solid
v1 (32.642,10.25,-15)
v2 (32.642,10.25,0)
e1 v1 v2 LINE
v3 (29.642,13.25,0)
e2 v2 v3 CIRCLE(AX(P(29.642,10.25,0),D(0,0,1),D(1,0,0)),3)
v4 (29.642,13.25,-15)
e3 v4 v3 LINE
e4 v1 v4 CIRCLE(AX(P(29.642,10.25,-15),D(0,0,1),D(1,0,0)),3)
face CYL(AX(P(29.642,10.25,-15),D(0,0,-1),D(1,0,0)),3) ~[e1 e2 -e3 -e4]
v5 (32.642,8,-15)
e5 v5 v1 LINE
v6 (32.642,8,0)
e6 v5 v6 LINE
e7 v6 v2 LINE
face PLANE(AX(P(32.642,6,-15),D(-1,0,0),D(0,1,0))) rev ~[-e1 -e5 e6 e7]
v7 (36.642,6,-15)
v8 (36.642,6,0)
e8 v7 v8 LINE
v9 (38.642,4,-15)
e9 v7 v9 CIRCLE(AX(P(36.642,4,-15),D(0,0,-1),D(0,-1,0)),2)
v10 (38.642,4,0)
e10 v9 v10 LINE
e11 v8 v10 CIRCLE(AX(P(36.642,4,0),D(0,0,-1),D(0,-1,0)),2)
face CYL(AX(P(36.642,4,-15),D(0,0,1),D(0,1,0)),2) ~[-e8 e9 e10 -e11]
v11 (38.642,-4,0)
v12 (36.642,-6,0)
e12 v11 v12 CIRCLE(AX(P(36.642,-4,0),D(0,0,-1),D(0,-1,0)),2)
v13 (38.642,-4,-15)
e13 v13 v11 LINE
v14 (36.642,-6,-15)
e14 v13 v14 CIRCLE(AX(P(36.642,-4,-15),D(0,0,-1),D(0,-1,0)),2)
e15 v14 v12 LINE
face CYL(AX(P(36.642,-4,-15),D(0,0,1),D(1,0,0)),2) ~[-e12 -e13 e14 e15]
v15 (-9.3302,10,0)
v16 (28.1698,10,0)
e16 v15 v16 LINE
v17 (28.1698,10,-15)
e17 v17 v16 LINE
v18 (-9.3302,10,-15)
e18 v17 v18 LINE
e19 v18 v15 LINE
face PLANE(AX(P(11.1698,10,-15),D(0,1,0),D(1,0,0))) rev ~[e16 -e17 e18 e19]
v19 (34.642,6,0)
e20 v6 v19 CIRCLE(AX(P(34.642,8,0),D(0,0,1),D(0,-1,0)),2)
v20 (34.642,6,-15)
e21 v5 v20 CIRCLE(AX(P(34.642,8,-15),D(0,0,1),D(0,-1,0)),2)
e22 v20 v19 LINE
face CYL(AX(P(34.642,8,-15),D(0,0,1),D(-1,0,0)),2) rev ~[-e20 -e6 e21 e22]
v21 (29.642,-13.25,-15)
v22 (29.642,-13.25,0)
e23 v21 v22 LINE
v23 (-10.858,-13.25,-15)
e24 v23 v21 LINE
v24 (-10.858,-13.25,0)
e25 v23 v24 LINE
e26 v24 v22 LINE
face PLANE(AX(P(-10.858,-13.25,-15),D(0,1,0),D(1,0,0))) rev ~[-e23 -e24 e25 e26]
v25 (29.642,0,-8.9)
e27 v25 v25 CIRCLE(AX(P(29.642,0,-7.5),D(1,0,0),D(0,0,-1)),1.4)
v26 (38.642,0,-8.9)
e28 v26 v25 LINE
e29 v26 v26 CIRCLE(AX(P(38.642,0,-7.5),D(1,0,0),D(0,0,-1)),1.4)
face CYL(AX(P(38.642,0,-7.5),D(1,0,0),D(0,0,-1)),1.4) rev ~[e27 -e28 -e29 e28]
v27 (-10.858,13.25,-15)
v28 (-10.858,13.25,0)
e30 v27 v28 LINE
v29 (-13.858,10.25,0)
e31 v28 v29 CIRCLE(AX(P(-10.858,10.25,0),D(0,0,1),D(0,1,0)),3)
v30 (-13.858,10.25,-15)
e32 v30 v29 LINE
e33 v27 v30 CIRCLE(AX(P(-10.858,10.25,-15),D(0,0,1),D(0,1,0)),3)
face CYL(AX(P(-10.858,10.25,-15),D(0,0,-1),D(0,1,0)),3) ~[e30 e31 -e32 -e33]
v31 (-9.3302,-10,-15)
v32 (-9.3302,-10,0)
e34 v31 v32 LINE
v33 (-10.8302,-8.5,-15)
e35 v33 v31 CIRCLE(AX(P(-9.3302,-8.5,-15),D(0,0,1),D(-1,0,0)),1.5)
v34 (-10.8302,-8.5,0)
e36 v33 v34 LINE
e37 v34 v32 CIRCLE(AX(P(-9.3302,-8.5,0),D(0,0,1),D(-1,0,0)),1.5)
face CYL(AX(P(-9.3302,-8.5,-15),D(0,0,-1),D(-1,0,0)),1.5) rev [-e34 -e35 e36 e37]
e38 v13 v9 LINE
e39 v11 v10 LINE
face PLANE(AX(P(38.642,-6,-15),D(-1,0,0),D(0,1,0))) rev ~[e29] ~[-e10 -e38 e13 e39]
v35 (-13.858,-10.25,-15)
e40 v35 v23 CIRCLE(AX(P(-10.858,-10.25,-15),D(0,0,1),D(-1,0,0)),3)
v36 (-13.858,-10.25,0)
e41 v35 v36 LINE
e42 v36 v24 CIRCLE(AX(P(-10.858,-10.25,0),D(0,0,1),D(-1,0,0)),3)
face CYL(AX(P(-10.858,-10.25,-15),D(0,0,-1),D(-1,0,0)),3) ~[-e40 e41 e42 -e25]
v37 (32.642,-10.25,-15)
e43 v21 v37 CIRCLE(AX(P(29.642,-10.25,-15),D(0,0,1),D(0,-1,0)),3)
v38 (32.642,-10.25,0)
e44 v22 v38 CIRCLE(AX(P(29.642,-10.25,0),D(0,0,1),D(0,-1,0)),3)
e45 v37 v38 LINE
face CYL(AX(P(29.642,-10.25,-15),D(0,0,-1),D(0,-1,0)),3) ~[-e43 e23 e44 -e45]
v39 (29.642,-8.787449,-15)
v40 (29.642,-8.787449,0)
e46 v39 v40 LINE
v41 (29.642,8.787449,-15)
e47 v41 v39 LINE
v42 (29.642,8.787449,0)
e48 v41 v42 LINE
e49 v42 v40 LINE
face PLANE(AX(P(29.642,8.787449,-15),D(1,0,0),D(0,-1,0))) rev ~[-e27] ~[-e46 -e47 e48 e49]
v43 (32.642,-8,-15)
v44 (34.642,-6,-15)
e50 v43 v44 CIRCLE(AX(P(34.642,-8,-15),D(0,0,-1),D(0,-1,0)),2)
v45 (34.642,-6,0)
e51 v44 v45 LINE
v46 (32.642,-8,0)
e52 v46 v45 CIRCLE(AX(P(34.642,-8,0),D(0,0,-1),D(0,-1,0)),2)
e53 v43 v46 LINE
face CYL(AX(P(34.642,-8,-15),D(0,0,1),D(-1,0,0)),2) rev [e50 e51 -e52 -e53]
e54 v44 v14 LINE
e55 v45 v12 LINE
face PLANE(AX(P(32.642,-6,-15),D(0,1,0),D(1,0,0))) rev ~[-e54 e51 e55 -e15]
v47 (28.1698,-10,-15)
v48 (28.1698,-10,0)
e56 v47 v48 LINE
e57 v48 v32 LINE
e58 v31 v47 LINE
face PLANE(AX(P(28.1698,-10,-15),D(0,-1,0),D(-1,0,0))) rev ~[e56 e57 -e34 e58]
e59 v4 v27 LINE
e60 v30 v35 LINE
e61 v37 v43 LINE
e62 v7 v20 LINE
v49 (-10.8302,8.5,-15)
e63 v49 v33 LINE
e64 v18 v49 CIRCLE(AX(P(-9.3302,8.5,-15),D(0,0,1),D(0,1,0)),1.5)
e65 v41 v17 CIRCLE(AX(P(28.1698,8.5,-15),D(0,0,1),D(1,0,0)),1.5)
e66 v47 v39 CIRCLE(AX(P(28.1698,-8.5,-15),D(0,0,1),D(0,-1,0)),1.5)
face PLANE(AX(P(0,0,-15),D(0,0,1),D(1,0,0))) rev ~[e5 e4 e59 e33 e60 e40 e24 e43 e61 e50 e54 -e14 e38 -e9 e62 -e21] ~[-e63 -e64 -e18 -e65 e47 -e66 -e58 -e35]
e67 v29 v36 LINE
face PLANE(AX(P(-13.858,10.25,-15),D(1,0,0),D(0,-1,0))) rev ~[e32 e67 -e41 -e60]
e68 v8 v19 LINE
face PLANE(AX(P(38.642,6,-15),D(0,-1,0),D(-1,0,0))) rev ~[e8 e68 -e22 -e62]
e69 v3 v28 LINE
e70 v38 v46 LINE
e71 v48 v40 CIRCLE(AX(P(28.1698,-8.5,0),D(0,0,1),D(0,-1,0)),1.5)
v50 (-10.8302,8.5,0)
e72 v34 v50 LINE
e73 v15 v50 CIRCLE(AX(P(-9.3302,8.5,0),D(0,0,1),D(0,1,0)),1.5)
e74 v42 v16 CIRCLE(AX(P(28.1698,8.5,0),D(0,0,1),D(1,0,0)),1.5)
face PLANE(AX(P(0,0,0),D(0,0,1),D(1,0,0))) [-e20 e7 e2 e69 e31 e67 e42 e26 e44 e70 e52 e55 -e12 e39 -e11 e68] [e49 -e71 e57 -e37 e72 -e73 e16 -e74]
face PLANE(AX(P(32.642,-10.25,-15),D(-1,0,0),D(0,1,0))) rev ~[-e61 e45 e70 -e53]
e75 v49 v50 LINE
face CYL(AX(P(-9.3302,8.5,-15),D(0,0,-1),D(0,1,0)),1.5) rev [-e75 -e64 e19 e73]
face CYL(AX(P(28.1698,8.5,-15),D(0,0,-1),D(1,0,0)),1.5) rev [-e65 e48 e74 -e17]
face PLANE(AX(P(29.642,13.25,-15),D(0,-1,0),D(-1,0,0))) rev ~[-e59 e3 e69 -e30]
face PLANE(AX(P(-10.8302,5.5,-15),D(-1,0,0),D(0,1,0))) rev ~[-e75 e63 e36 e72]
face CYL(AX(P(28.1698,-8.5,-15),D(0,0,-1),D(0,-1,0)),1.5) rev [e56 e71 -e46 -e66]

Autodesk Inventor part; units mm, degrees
ref_plane "YZ Plane" through (0, 0, 0) normal (1, 0, 0) x (0, 1, 0)
ref_plane "XZ Plane" through (0, 0, 0) normal (0, 1, 0) x (-1, 0, 0)
ref_plane "Arbeitsebene1" through (0, 0, -15) normal (0, 0, 1) x (1, 0, 0)
sketch "Skizze1" plane through (0, 0, -15) normal (0, 0, 1) x (1, 0, 0)
  line L0 (29.6698, 8.5) -> (29.6698, -8.5)
  arc A0 (29.6698, 8.5) -> (28.1698, 10) centre (28.1698, 8.5) ccw
  line L1 (11.1698, 10) -> (28.1698, 10)
  arc A1 (11.1698, 10) -> (9.6698, 8.5) centre (11.1698, 8.5) ccw
  line L2 (9.6698, -8.5) -> (9.6698, 8.5)
  arc A2 (9.6698, -8.5) -> (11.1698, -10) centre (11.1698, -8.5) ccw
  line L3 (28.1698, -10) -> (11.1698, -10)
  arc A3 (28.1698, -10) -> (29.6698, -8.5) centre (28.1698, -8.5) ccw
  circle A4 centre (27.6698, 8) radius 0.7835
  circle A5 centre (27.6698, -8) radius 0.7835
  circle A6 centre (11.6698, 8) radius 0.7835
  circle A7 centre (11.6698, -8) radius 0.7835
  circle A8 centre (19.6698, 0) radius 7.5
  line L4 (4.2698, 10) -> (4.2698, 8.9) projected
  line L5 (-5.8302, 10) -> (4.2698, 10) projected
  line L6 (-5.8302, 8.5) -> (-5.8302, 10) projected
  arc A9 (-9.3302, 5) -> (-5.8302, 8.5) centre (-9.3302, 8.5) ccw projected
  line L7 (-10.8302, 5) -> (-9.3302, 5) projected
  line L8 (-10.8302, -5) -> (-10.8302, 5) projected
  line L9 (-9.3302, -5) -> (-10.8302, -5) projected
  arc A10 (-5.8302, -8.5) -> (-9.3302, -5) centre (-9.3302, -8.5) ccw projected
  line L10 (-5.8302, -10) -> (-5.8302, -8.5) projected
  line L11 (4.2698, -10) -> (-5.8302, -10) projected
  line L12 (4.2698, -8.9) -> (4.2698, -10) projected
  arc A11 (7.6698, -5.5) -> (4.2698, -8.9) centre (7.6698, -8.9) ccw projected
  line L13 (11.1698, -5.5) -> (7.6698, -5.5)
  line L14 (11.1698, -5) -> (11.1698, -5.5)
  line L15 (11.1698, -5) -> (7.3698, -5)
  line L16 (7.3698, -5) -> (7.3698, 5)
  line L17 (7.3698, 5) -> (11.1698, 5)
  line L18 (11.1698, 5.5) -> (11.1698, 5)
  line L19 (7.6698, 5.5) -> (11.1698, 5.5)
  arc A12 (4.2698, 8.9) -> (7.6698, 5.5) centre (7.6698, 8.9) ccw projected
  circle A13 centre (-0.8302, 0) radius 2 projected
  line L20 (9.1698, 8.5) -> (9.1698, -8.5)
  arc A14 (9.1698, 8.5) -> (7.6698, 10) centre (7.6698, 8.5) ccw
  line L21 (-9.3302, 10) -> (7.6698, 10)
  arc A15 (-9.3302, 10) -> (-10.8302, 8.5) centre (-9.3302, 8.5) ccw
  line L22 (-10.8302, -8.5) -> (-10.8302, 8.5)
  arc A16 (-10.8302, -8.5) -> (-9.3302, -10) centre (-9.3302, -8.5) ccw
  line L23 (7.6698, -10) -> (-9.3302, -10)
  arc A17 (7.6698, -10) -> (9.1698, -8.5) centre (7.6698, -8.5) ccw
  circle A18 centre (7.1698, 8) radius 0.7835
  circle A19 centre (7.1698, -8) radius 0.7835
  circle A20 centre (-8.8302, 8) radius 0.7835
  circle A21 centre (-8.8302, -8) radius 0.7835
  circle A22 centre (-0.8302, 0) radius 7.5
  line L24 (-9.3302, -5.5) -> (-12.8302, -5.5)
  line L25 (-9.3302, -5) -> (-9.3302, -5.5)
  line L26 (-9.3302, -5) -> (-13.1302, -5)
  line L27 (-13.1302, 5) -> (-9.3302, 5)
  line L28 (-9.3302, 5.5) -> (-9.3302, 5)
  line L29 (-12.8302, 5.5) -> (-9.3302, 5.5)
  line L30 (11.1698, 10) -> (7.6698, 10)
  line L31 (11.1698, -10) -> (7.6698, -10)
  line L32 (-10.858, 10.25) -> (29.642, 10.25)
  line L33 (29.642, 10.25) -> (29.642, -10.25)
  line L34 (29.642, -10.25) -> (-10.858, -10.25)
  line L35 (-10.858, -10.25) -> (-10.858, 10.25)
  line L36 (-10.858, 10.25) -> (29.642, -10.25) construction
  line L37 (29.642, 10.25) -> (-10.858, -10.25) construction
  line L38 (32.642, -10.25) -> (32.642, 10.25)
  line L39 (29.642, 13.25) -> (-10.858, 13.25)
  line L40 (-13.858, 10.25) -> (-13.858, -10.25)
  line L41 (-10.858, -13.25) -> (29.642, -13.25)
  arc A23 (32.642, 10.25) -> (29.642, 13.25) centre (29.642, 10.25) ccw
  arc A24 (29.642, -13.25) -> (32.642, -10.25) centre (29.642, -10.25) ccw
  arc A25 (-13.858, -10.25) -> (-10.858, -13.25) centre (-10.858, -10.25) ccw
  arc A26 (-10.858, 13.25) -> (-13.858, 10.25) centre (-10.858, 10.25) ccw
  line L42 (38.642, 6) -> (32.642, 6)
  line L43 (32.642, 6) -> (32.642, -6)
  line L44 (32.642, -6) -> (38.642, -6)
  line L45 (38.642, -6) -> (38.642, 6)
  line L46 (38.642, 6) -> (32.642, -6) construction
  line L47 (32.642, 6) -> (38.642, -6) construction
  point P0 (0, 0)
  point P1 (9.392, 0)
  point P2 (35.642, 0)
  point P3 (32.642, 0)
  point P4 (29.642, -8.7873)
  point P5 (29.642, 8.7873)
  dimension "d1" = 20.5
  dimension "d2" = 3
  dimension "d3" = 3
  dimension "d6" = 6
  dimension "d7" = 12
extrude "Extrusion1" add sketch "Skizze1" along normal blind 15 contours L0 A3 L33 A0 | A0 L1 L30 L21 L5 A15 L22 L29 L35 L32 L33 | L33 L34 L35 L24 L22 A16 L23 L11 L31 L3 A3 | L29 L22 L27 L35 | L35 L26 L22 L24 | L27 L8 L26 L35 | A24 L41 A25 L40 A26 L39 A23 L38 | L38 L42 L45 L44
fillet "Rundung1" radius 2 4 edges at (32.642, 6, -7.5) (38.642, 6, -7.5) (38.642, -6, -7.5) (32.642, -6, -7.5)
sketch "Skizze2" plane through (38.642, -4, -15) normal (1, 0, 0) x (0, 0, -1)
  line L0 (0, 0) -> (-15, 0) projected
  line L1 (0, 0) -> (0, 8) projected
  line L2 (-15, 8) -> (0, 8) projected
  line L3 (-15, 0) -> (-15, 8) projected
  circle A0 centre (-7.5, 4) radius 1.4
  point P0 (-15, 4)
  dimension "d9" = 2.8
extrude "Extrusion2" cut sketch "Skizze2" against normal blind 15 contours A0
properties part number "Holisheet_NEMA8_connector"
